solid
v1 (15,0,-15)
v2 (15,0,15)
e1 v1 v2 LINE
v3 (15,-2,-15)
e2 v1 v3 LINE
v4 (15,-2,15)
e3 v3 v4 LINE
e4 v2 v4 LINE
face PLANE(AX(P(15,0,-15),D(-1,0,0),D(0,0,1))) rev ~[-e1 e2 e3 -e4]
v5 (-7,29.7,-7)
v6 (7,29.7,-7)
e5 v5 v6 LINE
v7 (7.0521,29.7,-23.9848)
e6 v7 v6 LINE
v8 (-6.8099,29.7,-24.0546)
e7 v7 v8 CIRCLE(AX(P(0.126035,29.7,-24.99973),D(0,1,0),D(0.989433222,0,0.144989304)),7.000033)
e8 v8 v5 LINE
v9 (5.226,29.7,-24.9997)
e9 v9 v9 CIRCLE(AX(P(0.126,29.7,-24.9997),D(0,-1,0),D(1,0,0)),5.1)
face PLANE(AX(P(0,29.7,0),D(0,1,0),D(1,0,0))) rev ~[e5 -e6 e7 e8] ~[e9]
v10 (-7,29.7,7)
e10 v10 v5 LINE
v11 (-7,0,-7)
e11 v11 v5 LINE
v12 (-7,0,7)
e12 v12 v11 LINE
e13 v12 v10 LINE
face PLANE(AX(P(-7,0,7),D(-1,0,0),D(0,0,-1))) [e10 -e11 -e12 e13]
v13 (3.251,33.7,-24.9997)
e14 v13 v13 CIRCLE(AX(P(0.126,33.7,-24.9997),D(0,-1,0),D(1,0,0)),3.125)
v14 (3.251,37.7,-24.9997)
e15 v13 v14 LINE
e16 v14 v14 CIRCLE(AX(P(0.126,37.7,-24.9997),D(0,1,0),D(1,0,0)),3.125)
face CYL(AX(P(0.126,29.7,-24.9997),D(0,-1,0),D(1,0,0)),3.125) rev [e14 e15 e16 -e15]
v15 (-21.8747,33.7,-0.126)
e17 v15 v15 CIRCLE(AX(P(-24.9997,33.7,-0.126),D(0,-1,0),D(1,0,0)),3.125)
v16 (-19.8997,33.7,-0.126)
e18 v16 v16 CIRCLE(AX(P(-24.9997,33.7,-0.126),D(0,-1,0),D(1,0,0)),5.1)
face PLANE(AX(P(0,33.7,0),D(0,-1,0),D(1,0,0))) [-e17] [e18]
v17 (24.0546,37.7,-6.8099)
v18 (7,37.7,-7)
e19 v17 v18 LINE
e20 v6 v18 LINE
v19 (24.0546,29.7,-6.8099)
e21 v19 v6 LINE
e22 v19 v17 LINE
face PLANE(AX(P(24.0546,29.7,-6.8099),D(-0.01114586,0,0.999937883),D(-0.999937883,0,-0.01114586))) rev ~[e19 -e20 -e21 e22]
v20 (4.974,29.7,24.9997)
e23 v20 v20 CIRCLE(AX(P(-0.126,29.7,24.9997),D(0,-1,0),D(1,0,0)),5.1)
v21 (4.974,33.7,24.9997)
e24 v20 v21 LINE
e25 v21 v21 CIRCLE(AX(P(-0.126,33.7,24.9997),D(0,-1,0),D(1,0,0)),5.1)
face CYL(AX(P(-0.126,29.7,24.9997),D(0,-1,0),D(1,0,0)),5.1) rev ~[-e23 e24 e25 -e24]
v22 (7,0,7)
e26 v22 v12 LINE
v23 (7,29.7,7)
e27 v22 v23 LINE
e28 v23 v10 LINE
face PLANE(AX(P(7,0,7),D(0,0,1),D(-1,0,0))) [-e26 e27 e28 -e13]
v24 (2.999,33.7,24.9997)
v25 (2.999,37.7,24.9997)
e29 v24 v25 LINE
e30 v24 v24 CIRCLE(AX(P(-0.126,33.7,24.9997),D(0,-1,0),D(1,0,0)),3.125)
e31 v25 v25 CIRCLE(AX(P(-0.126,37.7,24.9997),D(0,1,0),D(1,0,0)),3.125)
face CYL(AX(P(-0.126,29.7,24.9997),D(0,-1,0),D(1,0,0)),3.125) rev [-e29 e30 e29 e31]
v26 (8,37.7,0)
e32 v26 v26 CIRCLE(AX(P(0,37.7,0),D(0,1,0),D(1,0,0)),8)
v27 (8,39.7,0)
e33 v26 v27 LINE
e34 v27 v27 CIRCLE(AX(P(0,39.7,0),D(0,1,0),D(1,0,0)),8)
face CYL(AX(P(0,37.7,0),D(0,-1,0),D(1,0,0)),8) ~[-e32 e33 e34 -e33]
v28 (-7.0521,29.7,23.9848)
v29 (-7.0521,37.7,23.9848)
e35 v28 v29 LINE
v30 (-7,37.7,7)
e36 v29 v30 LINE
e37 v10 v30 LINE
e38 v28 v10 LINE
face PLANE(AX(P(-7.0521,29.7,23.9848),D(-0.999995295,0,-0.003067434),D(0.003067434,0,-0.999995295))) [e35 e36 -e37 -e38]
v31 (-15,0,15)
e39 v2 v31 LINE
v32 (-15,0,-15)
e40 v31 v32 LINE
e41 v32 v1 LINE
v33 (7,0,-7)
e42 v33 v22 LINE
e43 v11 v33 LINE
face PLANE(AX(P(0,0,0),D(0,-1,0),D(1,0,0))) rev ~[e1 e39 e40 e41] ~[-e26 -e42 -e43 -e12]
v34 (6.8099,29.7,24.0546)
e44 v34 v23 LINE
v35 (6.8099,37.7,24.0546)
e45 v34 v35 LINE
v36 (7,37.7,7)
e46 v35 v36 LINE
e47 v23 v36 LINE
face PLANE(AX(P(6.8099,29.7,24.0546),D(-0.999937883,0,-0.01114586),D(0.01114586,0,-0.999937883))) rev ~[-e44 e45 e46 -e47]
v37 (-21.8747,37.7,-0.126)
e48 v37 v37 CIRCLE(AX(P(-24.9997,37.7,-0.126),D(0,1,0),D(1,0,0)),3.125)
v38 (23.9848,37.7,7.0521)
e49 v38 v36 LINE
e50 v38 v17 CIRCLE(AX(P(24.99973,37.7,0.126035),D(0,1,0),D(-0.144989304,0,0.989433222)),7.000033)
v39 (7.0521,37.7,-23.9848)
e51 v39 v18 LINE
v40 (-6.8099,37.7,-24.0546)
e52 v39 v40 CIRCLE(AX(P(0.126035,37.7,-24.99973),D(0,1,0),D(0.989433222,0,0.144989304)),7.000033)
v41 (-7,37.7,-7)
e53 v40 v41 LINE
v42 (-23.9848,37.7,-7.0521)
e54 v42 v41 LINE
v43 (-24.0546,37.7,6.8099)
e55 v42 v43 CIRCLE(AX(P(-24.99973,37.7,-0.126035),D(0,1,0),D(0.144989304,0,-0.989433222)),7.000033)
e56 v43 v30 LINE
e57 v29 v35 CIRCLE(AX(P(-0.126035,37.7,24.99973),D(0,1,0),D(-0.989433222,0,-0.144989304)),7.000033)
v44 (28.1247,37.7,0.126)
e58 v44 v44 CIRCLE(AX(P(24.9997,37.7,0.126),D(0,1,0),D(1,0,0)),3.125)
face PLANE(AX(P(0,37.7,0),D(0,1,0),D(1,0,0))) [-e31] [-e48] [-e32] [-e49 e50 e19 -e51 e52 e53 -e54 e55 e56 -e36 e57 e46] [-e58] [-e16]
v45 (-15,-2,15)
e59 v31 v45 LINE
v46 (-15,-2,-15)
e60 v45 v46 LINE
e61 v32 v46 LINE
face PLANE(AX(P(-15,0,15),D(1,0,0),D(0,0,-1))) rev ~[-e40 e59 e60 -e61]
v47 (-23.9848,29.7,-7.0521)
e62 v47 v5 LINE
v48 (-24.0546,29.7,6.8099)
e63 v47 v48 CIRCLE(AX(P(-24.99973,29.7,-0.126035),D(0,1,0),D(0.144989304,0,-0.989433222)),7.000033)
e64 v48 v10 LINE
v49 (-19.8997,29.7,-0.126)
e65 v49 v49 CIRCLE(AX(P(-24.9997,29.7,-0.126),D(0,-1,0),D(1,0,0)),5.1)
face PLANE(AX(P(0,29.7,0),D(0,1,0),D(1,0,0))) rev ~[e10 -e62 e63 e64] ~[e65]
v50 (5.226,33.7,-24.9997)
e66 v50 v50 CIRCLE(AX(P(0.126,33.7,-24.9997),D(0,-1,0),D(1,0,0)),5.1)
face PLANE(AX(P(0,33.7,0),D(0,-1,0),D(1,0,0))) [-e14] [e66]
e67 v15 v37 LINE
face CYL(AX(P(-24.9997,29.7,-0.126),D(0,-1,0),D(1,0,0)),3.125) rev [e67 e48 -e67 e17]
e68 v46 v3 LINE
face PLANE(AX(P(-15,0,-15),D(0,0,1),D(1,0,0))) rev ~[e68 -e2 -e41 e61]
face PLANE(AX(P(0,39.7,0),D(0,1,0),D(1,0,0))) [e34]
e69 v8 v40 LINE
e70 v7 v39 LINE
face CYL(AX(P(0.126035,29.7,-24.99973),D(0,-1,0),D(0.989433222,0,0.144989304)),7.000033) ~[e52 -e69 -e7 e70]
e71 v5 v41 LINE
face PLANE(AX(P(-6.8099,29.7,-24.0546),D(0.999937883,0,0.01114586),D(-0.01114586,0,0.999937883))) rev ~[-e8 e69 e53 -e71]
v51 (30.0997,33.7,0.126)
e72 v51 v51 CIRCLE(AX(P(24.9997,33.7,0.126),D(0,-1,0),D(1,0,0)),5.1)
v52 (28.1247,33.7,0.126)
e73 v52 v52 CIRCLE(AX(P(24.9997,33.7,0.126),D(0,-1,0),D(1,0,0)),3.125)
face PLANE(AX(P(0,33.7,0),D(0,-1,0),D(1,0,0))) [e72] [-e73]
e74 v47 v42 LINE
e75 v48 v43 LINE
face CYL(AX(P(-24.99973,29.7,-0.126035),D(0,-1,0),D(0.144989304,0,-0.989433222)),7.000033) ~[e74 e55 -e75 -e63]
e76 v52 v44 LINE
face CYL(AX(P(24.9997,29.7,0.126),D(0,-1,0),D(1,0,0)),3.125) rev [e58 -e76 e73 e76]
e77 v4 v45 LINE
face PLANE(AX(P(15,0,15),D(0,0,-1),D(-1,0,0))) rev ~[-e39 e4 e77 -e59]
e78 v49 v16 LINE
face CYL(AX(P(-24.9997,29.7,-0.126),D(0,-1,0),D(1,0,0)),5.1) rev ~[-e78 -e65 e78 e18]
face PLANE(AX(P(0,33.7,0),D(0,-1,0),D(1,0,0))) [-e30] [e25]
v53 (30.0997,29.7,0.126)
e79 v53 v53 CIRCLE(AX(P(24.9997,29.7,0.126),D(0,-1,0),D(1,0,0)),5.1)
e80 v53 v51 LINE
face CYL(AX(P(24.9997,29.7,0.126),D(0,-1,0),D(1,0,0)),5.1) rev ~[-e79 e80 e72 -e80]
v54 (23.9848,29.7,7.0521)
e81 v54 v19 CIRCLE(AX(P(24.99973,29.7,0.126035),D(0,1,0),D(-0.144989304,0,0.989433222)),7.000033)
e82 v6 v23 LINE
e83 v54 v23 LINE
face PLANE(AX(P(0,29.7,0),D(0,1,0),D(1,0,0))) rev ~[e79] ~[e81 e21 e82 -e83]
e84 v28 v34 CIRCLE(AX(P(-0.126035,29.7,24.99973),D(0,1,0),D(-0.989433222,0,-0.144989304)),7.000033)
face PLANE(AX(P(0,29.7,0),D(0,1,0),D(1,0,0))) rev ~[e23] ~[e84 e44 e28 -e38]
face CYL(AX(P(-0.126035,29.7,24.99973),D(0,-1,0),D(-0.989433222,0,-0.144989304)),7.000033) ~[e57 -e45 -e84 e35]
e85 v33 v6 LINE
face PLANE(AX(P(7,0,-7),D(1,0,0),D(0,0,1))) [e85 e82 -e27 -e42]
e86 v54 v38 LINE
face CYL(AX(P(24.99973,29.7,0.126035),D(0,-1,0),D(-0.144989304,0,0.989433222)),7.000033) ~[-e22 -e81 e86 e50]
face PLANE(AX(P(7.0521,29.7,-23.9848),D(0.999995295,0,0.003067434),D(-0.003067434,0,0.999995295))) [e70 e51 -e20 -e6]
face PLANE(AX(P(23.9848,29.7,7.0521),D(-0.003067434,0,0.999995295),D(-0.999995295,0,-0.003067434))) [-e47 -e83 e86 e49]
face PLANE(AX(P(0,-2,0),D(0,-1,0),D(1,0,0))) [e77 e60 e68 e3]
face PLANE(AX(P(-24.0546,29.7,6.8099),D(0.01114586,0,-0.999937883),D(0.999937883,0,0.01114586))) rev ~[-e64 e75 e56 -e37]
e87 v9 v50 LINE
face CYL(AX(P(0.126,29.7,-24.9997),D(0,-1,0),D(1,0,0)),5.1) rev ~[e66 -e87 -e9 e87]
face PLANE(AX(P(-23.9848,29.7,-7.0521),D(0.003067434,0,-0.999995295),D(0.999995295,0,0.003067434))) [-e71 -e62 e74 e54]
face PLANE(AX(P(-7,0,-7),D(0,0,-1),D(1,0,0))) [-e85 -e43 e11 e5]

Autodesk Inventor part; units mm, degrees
ref_plane "YZ Plane" through (0, 0, 0) normal (1, 0, 0) x (0, 1, 0)
ref_plane "XZ Plane" through (0, 0, 0) normal (0, 1, 0) x (-1, 0, 0)
ref_plane "XY Plane" through (0, 0, 0) normal (0, 0, 1) x (1, 0, 0)
sketch "Sketch1" plane through (0, 0, 0) normal (0, 1, 0) x (-1, 0, 0)
  line L0 (5, 5) -> (-5, 5)
  line L1 (-5, 5) -> (-5, -5)
  line L2 (-5, -5) -> (5, -5)
  line L3 (5, -5) -> (5, 5)
  line L4 (5, 5) -> (-5, -5) construction
  line L5 (-5, 5) -> (5, -5) construction
  line L6 (-7, 7) -> (7, 7)
  line L7 (7, 7) -> (7, -7)
  line L8 (7, -7) -> (-7, -7)
  line L9 (-7, -7) -> (-7, 7)
  point P0 (0, 0)
  dimension "d0" = 10
  dimension "d1" = 10
  dimension "d4" = 2
extrude "Extrusion1" add sketch "Sketch1" along normal blind 29.7 contours L3 L2 L1 L0 | L6 L7 L8 L9
sketch "Sketch2" plane through (0, 29.7, 0) normal (0, 1, 0) x (1, 0, 0)
  circle A0 centre (0, 0) radius 25 construction
  circle A1 centre (0.126, 24.9997) radius 3.125
  arc A2 (7.0521, 23.9848) -> (-6.8099, 24.0546) centre (0.126, 24.9997) ccw
  line L0 (-7, 7) -> (-7, -7) projected
  line L1 (7, -7) -> (7, 7) projected
  line L2 (7, 7) -> (-7, 7) construction
  line L3 (-6.8099, 24.0546) -> (-7, 7)
  line L4 (7.0521, 23.9848) -> (7, 7)
  circle A3 centre (-24.9997, 0.126) radius 3.125
  arc A4 (-23.9848, 7.0521) -> (-24.0546, -6.8099) centre (-24.9997, 0.126) ccw
  line L5 (-23.9848, 7.0521) -> (-7, 7)
  line L6 (-24.0546, -6.8099) -> (-7, -7)
  circle A5 centre (-0.126, -24.9997) radius 3.125
  arc A6 (-7.0521, -23.9848) -> (6.8099, -24.0546) centre (-0.126, -24.9997) ccw
  line L7 (-7.0521, -23.9848) -> (-7, -7)
  line L8 (6.8099, -24.0546) -> (7, -7)
  circle A7 centre (24.9997, -0.126) radius 3.125
  arc A8 (23.9848, -7.0521) -> (24.0546, 6.8099) centre (24.9997, -0.126) ccw
  line L9 (23.9848, -7.0521) -> (7, -7)
  line L10 (24.0546, 6.8099) -> (7, 7)
  point P0 (7, 7)
  point P1 (-7, 7)
  point P2 (-7, -7)
  point P3 (7, -7)
  dimension "d5" = 50
  dimension "d6" = 6.25
  dimension "d10" = 360
  dimension "d28" = 7
extrude "Extrusion2" add sketch "Sketch2" along normal blind 8
sketch "Sketch3" plane through (0, 29.7, 0) normal (0, -1, 0) x (1, 0, 0)
  circle A0 centre (24.9997, 0.126) radius 3.125 projected
  circle A1 centre (24.9997, 0.126) radius 5.1
  circle A2 centre (-0.126, 24.9997) radius 5.1
  circle A3 centre (-24.9997, -0.126) radius 5.1
  circle A4 centre (0.126, -24.9997) radius 5.1
  point P0 (0, 0)
  dimension "d14" = 10.2
  dimension "d17" = 360
extrude "Extrusion3" cut sketch "Sketch3" against normal blind 4
sketch "Sketch6" plane through (0, 0, 0) normal (0, -1, 0) x (1, 0, 0)
  line L0 (-15, -15) -> (15, -15)
  line L1 (15, -15) -> (15, 15)
  line L2 (15, 15) -> (-15, 15)
  line L3 (-15, 15) -> (-15, -15)
  line L4 (-15, -15) -> (15, 15) construction
  line L5 (15, -15) -> (-15, 15) construction
  point P0 (0, 0)
  dimension "d32" = 30
  dimension "d33" = 30
extrude "Extrusion4" add sketch "Sketch6" along normal blind 2
sketch "Sketch7" plane through (0, 37.7, 0) normal (0, 1, 0) x (1, 0, 0)
  circle A0 centre (0, 0) radius 8
  dimension "d36" = 16
extrude "Extrusion5" add sketch "Sketch7" along normal blind 2
equation "\"d1\" = d0"
properties part number "franka_mount_3DPrint"
